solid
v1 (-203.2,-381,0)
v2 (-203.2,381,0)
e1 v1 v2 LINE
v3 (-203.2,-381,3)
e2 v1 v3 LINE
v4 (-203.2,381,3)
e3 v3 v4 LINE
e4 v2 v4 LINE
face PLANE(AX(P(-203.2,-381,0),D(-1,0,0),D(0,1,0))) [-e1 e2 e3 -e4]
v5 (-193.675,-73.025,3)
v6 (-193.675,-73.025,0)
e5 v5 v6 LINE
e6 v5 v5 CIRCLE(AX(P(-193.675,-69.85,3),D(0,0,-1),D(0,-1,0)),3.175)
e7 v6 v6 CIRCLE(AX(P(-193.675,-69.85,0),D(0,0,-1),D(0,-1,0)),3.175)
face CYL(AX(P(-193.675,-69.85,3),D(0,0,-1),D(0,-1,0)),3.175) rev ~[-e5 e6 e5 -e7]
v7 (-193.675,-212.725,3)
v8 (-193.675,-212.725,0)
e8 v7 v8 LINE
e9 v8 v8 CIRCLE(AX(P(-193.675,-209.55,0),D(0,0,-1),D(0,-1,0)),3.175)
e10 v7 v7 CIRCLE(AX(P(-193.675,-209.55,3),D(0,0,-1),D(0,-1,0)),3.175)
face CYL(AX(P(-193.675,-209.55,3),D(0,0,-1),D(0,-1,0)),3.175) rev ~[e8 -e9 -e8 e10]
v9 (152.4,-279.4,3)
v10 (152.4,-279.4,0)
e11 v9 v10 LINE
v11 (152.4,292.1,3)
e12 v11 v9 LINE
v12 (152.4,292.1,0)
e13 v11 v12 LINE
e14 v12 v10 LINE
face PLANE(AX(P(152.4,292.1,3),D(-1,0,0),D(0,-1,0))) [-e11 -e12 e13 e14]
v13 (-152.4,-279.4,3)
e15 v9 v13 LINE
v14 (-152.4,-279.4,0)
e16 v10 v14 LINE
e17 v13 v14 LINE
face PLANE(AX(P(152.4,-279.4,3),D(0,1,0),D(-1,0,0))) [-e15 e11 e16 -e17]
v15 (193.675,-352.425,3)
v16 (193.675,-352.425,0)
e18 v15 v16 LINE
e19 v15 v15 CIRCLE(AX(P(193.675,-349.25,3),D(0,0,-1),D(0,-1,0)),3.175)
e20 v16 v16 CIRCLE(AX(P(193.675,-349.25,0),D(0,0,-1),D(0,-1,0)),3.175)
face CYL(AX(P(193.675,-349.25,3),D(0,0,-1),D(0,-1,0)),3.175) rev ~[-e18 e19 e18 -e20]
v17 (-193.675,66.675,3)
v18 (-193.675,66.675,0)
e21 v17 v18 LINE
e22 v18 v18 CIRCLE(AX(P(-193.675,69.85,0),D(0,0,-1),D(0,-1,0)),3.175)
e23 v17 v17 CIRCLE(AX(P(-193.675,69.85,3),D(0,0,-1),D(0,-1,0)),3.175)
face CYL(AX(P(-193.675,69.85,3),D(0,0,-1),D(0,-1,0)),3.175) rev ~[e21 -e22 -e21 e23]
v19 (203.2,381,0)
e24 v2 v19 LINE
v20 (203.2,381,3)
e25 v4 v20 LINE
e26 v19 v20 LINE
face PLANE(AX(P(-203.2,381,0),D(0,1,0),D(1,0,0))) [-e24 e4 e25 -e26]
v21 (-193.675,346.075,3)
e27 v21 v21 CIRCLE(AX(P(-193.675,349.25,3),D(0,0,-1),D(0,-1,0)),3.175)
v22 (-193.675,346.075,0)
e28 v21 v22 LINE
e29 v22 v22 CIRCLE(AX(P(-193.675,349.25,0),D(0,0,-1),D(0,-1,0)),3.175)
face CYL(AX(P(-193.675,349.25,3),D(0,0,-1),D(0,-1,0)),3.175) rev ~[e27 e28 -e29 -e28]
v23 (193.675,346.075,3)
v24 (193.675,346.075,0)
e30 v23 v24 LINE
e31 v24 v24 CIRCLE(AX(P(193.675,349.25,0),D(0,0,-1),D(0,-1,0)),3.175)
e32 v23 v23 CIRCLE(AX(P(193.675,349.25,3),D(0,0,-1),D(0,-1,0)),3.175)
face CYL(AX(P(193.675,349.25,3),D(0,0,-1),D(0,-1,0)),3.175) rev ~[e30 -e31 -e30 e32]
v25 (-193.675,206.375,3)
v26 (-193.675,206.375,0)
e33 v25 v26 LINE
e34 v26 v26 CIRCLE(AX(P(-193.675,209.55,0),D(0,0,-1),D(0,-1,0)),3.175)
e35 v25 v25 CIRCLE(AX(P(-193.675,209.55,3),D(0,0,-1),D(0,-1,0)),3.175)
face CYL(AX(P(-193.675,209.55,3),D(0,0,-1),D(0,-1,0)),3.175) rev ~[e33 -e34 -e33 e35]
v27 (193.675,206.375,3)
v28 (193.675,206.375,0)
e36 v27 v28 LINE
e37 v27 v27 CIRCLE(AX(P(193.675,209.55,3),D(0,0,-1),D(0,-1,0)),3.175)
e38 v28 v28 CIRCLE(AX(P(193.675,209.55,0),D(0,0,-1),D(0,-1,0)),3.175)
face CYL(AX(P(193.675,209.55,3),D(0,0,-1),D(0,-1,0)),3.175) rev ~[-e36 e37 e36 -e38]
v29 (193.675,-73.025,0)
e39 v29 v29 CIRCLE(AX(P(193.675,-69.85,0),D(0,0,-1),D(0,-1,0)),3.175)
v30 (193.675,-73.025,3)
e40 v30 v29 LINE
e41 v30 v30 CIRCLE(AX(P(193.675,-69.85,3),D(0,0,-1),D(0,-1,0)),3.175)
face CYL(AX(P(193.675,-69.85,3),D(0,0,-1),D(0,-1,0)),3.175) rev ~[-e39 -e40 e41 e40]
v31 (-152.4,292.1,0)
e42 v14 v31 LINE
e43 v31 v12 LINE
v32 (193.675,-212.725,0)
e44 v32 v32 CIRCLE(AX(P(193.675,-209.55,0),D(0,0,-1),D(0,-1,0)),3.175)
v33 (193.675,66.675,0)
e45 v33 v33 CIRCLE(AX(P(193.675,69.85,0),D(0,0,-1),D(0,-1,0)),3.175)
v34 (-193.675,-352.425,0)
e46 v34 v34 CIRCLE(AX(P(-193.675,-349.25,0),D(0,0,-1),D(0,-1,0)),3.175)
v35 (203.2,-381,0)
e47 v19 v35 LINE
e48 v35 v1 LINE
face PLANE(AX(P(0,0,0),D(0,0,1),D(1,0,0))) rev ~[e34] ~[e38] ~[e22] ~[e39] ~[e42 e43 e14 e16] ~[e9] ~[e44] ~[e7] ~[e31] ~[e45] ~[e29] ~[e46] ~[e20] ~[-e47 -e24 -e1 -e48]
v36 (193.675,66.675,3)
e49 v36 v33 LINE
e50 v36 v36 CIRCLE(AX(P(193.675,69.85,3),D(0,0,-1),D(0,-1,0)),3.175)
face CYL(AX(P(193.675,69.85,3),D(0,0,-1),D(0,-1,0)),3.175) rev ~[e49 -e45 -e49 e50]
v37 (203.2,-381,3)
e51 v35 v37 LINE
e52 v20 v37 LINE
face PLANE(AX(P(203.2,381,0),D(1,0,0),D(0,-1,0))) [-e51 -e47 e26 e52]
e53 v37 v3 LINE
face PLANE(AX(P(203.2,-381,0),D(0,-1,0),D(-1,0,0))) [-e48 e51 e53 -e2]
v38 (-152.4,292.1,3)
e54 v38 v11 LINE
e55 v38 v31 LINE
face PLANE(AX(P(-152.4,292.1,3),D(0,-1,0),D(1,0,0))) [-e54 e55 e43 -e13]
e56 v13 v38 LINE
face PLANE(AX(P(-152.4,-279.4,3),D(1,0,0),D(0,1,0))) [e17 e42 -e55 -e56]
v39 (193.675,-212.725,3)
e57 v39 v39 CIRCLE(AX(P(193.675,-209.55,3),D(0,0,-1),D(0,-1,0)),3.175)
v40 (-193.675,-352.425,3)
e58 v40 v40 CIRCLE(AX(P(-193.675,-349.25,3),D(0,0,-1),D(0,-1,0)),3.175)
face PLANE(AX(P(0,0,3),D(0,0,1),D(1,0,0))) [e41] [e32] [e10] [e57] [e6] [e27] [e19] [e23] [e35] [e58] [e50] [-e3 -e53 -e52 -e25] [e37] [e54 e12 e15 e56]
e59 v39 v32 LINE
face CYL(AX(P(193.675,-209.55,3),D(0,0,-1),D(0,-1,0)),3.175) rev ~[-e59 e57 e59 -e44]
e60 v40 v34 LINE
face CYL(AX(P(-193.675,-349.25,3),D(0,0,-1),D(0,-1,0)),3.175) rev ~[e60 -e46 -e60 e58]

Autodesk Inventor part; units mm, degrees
ref_plane "YZ Plane" through (0, 0, 0) normal (1, 0, 0) x (0, 1, 0)
ref_plane "XZ Plane" through (0, 0, 0) normal (0, 1, 0) x (-1, 0, 0)
ref_plane "XY Plane" through (0, 0, 0) normal (0, 0, 1) x (1, 0, 0)
sketch "Sketch1" plane through (0, 0, 0) normal (0, 0, 1) x (1, 0, 0)
  line L0 (-203.2, 381) -> (203.2, 381)
  line L1 (203.2, 381) -> (203.2, -381)
  line L2 (203.2, -381) -> (-203.2, -381)
  line L3 (-203.2, -381) -> (-203.2, 381)
  point P0 (0, 0)
  point P1 (203.2, 0)
  point P2 (0, 381)
  dimension "d0" = 406.4
  dimension "d1" = 762
extrude "Extrusion1" add sketch "Sketch1" along normal blind 3
sketch "Sketch2" plane through (0, 0, 3) normal (0, 0, 1) x (1, 0, 0)
  line L0 (203.2, 381) -> (203.2, -381) projected
  line L1 (-203.2, -381) -> (-203.2, 381) projected
  line L2 (203.2, -381) -> (-203.2, -381) projected
  line L3 (-152.4, 292.1) -> (152.4, 292.1)
  line L4 (152.4, 292.1) -> (152.4, -279.4)
  line L5 (152.4, -279.4) -> (-152.4, -279.4)
  line L6 (-152.4, -279.4) -> (-152.4, 292.1)
  point P0 (0, 0)
  dimension "d4" = 101.6
  dimension "d5" = 50.8
  dimension "d6" = 571.5
  dimension "d7" = 50.8
extrude "Extrusion2" cut sketch "Sketch2" against normal blind 3
sketch "Sketch3" plane through (0, 0, 3) normal (0, 0, 1) x (1, 0, 0)
  line L0 (-203.2, 381) -> (203.2, 381) projected
  line L1 (-203.2, -381) -> (-203.2, 381) projected
  line L2 (203.2, -381) -> (-203.2, -381) projected
  line L3 (0, 473.1075) -> (0, -607.181)
  point P0 (0, 0)
  point P1 (-193.675, 349.25)
  point P2 (-193.675, 209.55)
  point P3 (-193.675, 69.85)
  point P4 (-193.675, -69.85)
  point P5 (-193.675, -209.55)
  point P6 (-193.675, -349.25)
  point P7 (193.675, 349.25)
  point P8 (193.675, 209.55)
  point P9 (193.675, 69.85)
  point P10 (193.675, -69.85)
  point P11 (193.675, -209.55)
  point P12 (193.675, -349.25)
  dimension "d10" = 31.75
  dimension "d11" = 9.525
  dimension "d25" = 139.7
  dimension "d26" = 139.7
  dimension "d27" = 139.7
  dimension "d28" = 139.7
  dimension "d29" = 139.7
hole "Hole2" at (-193.675, 349.25, 3) at (-193.675, 209.55, 3) at (-193.675, 69.85, 3) at (-193.675, -69.85, 3) at (-193.675, -209.55, 3) at (-193.675, -349.25, 3) at (193.675, 349.25, 3) at (193.675, 209.55, 3) at (193.675, 69.85, 3) at (193.675, -69.85, 3) at (193.675, -209.55, 3) at (193.675, -349.25, 3) direction (0, 0, -1) diameter 6.35 end through all
properties part number "front cover"
